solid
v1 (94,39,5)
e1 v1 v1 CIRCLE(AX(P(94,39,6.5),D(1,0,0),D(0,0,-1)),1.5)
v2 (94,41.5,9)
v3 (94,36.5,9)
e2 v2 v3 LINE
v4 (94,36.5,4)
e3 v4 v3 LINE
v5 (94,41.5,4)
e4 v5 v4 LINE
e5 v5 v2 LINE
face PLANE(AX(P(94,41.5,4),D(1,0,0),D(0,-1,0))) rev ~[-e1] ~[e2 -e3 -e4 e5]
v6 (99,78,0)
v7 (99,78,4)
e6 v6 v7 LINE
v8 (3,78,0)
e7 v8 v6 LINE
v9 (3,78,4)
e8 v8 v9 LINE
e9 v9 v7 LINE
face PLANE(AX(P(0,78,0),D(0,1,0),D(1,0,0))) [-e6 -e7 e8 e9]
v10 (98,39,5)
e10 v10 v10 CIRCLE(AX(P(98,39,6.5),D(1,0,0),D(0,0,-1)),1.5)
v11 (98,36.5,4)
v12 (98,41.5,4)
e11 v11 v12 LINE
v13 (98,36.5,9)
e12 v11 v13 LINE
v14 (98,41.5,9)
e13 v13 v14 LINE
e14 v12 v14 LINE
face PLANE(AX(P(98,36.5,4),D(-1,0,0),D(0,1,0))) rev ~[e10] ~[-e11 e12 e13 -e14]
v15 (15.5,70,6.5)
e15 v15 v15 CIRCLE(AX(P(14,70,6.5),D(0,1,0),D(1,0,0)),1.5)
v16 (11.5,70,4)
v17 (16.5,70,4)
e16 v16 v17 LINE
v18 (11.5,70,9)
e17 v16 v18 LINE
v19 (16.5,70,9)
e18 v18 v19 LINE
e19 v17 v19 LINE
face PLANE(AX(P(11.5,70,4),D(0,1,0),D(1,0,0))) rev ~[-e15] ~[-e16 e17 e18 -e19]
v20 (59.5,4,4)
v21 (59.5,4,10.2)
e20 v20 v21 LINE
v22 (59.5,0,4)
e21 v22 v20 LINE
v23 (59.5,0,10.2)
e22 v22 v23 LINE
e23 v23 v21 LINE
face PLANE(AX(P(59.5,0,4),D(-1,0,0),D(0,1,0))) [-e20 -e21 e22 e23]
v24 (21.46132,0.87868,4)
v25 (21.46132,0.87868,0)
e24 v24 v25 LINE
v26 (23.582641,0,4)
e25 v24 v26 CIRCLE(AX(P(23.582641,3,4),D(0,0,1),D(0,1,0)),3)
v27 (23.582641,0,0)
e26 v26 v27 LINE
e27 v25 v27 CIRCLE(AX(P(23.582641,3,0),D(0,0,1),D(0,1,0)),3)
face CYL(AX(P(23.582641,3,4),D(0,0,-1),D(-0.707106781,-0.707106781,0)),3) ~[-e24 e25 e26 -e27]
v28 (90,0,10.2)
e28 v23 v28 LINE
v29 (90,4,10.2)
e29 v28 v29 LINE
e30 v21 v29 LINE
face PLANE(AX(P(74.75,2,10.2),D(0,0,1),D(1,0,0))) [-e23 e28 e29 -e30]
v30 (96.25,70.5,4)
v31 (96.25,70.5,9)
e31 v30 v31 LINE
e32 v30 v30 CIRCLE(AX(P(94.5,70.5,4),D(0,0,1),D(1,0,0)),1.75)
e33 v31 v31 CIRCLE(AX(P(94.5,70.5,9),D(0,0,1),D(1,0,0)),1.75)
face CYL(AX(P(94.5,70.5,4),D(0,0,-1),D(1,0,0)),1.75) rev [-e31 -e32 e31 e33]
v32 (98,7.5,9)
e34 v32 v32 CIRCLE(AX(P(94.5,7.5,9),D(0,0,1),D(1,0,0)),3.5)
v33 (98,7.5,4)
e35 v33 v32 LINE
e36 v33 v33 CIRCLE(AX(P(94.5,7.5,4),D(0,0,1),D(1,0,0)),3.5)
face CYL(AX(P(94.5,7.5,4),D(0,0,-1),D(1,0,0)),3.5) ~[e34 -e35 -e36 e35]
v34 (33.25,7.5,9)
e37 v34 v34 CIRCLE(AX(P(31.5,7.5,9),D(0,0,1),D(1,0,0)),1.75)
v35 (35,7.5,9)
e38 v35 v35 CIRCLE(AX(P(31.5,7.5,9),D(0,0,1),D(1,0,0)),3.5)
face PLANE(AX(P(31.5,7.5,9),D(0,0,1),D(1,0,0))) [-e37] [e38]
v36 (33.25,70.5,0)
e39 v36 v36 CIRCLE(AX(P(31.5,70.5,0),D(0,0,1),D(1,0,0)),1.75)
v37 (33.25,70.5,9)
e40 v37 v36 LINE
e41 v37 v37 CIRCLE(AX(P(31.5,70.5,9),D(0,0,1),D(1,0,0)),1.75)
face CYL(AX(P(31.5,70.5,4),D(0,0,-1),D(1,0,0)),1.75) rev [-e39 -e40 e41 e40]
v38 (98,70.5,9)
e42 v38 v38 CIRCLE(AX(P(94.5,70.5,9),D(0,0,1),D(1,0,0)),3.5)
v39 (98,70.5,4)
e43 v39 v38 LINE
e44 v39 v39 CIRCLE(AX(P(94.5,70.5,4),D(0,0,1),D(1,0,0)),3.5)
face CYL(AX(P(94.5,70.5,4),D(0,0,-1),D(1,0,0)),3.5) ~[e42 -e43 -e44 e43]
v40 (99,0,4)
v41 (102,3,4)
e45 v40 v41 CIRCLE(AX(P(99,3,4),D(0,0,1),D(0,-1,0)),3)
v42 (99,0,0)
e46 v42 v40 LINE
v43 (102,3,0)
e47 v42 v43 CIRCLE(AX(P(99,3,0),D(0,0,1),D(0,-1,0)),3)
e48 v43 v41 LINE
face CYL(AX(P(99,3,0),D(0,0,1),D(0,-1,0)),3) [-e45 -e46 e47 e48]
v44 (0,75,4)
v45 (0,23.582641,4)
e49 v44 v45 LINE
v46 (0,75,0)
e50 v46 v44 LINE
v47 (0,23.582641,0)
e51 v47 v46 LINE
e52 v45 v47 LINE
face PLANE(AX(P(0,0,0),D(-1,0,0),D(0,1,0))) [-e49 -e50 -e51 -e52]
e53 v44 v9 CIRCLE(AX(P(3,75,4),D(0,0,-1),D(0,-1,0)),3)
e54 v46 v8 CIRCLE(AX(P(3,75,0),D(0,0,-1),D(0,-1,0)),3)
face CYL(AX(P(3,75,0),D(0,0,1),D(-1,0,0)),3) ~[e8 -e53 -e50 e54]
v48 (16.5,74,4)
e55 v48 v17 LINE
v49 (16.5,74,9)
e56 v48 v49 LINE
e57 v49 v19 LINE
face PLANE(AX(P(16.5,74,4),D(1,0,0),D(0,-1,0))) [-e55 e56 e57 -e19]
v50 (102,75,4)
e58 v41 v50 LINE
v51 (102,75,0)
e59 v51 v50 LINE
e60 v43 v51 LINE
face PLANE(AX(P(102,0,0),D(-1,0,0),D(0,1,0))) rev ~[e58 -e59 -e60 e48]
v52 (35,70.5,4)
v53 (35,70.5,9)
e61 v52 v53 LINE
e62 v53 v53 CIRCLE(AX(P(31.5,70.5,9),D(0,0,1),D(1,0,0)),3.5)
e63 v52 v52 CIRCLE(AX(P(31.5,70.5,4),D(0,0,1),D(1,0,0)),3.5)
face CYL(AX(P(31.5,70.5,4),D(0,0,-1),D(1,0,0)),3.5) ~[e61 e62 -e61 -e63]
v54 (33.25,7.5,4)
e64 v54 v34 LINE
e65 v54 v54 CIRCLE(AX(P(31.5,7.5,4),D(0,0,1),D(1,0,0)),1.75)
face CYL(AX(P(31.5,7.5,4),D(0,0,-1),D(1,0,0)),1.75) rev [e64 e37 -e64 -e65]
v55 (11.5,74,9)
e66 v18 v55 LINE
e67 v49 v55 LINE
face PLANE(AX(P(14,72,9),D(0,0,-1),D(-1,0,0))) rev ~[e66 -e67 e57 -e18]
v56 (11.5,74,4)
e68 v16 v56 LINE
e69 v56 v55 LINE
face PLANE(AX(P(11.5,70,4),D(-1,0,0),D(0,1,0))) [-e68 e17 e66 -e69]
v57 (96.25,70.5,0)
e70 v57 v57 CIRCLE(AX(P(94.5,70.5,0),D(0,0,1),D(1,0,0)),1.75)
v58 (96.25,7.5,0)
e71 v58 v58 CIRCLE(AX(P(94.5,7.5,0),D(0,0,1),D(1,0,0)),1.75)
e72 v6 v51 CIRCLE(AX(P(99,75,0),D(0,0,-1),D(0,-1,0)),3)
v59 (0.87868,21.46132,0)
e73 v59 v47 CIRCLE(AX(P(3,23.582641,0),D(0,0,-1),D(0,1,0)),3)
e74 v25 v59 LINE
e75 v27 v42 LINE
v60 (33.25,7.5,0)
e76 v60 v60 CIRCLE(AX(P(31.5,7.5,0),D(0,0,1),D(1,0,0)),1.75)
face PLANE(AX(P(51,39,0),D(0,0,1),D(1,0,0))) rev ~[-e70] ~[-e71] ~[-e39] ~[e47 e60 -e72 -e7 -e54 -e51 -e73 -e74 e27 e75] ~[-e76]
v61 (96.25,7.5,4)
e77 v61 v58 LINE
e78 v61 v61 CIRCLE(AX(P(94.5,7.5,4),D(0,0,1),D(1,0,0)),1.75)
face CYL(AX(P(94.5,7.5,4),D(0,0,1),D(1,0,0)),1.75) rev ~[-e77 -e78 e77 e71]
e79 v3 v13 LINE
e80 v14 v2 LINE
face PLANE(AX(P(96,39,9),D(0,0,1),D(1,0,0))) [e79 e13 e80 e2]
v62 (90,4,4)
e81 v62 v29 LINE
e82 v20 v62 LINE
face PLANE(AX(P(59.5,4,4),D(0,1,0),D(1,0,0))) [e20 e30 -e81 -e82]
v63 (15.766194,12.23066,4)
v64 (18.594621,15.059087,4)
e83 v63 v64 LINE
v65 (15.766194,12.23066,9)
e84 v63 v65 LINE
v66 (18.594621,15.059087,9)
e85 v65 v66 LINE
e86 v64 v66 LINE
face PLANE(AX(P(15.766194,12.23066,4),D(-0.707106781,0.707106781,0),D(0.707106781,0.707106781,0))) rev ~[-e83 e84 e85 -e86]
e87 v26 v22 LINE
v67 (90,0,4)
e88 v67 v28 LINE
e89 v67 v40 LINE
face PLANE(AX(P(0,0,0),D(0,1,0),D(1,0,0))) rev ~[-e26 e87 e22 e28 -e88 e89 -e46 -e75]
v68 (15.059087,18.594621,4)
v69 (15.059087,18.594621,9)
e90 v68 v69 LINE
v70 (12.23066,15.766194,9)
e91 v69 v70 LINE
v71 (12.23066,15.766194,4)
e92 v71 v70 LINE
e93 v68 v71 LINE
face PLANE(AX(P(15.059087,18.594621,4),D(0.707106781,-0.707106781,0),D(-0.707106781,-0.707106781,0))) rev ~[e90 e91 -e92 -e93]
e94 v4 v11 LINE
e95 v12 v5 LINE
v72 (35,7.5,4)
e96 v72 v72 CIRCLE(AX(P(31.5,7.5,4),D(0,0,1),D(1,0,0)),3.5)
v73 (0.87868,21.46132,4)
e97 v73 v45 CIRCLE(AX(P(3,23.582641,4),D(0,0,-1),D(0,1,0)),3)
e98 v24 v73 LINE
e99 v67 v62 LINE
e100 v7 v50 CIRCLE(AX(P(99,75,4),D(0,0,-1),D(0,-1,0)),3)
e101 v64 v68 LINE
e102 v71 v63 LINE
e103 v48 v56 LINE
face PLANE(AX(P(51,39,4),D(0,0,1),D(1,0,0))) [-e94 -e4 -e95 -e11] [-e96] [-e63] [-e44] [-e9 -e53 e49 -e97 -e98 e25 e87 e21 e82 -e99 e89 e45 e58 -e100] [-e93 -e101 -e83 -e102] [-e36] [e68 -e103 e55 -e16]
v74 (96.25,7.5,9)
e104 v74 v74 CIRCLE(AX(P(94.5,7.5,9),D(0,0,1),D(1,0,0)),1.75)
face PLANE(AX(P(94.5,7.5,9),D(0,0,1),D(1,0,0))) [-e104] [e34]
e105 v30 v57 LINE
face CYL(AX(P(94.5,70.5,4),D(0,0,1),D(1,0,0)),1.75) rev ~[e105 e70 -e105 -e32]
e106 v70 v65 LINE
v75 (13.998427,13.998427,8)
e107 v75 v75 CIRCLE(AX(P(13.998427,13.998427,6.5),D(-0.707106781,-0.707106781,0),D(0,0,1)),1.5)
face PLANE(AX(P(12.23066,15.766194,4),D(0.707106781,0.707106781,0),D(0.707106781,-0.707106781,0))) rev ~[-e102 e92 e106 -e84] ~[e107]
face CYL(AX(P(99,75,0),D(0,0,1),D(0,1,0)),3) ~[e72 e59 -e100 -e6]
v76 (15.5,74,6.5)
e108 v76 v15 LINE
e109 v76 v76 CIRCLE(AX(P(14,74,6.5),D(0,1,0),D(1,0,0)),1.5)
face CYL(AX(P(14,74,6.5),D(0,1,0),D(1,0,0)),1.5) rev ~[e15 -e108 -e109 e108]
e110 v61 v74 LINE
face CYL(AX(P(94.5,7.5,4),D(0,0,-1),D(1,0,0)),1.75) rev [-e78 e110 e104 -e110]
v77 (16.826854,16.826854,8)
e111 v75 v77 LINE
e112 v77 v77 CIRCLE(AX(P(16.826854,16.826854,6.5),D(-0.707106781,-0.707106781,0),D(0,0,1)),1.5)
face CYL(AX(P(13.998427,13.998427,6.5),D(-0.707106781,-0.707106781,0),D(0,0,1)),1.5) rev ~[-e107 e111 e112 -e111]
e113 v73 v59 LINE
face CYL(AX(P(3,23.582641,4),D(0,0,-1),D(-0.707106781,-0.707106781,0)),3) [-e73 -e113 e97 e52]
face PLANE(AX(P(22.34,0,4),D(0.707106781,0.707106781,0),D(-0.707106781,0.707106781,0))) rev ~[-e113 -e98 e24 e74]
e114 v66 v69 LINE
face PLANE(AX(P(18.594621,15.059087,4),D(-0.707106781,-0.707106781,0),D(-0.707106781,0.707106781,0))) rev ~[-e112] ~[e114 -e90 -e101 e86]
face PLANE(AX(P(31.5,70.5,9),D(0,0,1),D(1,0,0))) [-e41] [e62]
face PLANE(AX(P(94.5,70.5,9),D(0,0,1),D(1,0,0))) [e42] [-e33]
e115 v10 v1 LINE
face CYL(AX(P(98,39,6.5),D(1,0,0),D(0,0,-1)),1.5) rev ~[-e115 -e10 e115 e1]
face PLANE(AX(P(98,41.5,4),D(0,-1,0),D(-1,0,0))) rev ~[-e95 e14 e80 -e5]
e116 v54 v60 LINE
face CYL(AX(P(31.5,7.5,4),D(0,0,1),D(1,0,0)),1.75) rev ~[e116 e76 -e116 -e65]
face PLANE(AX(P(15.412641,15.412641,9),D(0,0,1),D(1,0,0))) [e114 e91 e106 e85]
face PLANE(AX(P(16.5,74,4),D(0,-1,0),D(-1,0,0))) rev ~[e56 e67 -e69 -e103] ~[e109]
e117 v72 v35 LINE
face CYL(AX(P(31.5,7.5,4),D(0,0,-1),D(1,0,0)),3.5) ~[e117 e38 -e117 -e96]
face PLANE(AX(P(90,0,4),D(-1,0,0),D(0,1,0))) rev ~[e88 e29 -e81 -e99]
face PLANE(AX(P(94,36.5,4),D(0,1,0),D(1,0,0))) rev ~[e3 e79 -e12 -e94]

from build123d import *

# Parameters (mm, degrees)
CROQUIS1_W                 = 102
CROQUIS1_H                 = 78
SALIENTE_EXTRUIR1_DEPTH    = 4
CROQUIS2_R                 = 1.75
CORTAR_EXTRUIR1_DEPTH      = 4
CROQUIS3_R                 = 3.5
CROQUIS3_R_2               = 1.75
SALIENTE_EXTRUIR2_DEPTH    = 5
CROQUIS4_W                 = 30.5
CROQUIS4_H                 = 4
SALIENTE_EXTRUIR3_DEPTH    = 6.2
SALIENTE_EXTRUIR4_DEPTH    = 5
CROQUIS7_R                 = 1.5
CORTAR_EXTRUIR3_DEPTH      = 5
CORTAR_EXTRUIR5_DEPTH      = 7.2
CORTAR_EXTRUIR5_DEPTH_BACK = 5
CROQUIS11_R                = 1.5
CORTAR_EXTRUIR6_DEPTH      = 4
SALIENTE_EXTRUIR5_DEPTH    = 5
CROQUIS13_R                = 1.5
CORTAR_EXTRUIR7_DEPTH      = 5
REDONDEO1_R                = 3


with BuildPart() as part:
    # Croquis1 → Saliente-Extruir1 (new body)
    with BuildSketch(Plane.XY):
        with Locations((51, 39)):
            Rectangle(CROQUIS1_W, CROQUIS1_H)
    extrude(amount=SALIENTE_EXTRUIR1_DEPTH)

    # Croquis2 → Cortar-Extruir1 (cut)
    with BuildSketch(Plane.XY.offset(4)):
        with Locations((94.5, 70.5)):
            Circle(CROQUIS2_R)
        with Locations((31.5, 70.5)):
            Circle(CROQUIS2_R)
        with Locations((31.5, 7.5)):
            Circle(CROQUIS2_R)
        with Locations((94.5, 7.5)):
            Circle(CROQUIS2_R)
    extrude(amount=-CORTAR_EXTRUIR1_DEPTH, mode=Mode.SUBTRACT)

    # Croquis3 → Saliente-Extruir2 (add)
    with BuildSketch(Plane.XY.offset(4)):
        with Locations((31.5, 70.5)):
            Circle(CROQUIS3_R)
        with Locations((31.5, 70.5)):
            Circle(CROQUIS3_R_2, mode=Mode.SUBTRACT)
        with Locations((94.5, 70.5)):
            Circle(CROQUIS3_R)
        with Locations((94.5, 70.5)):
            Circle(CROQUIS3_R_2, mode=Mode.SUBTRACT)
        with Locations((31.5, 7.5)):
            Circle(CROQUIS3_R)
        with Locations((31.5, 7.5)):
            Circle(CROQUIS3_R_2, mode=Mode.SUBTRACT)
        with Locations((94.5, 7.5)):
            Circle(CROQUIS3_R)
        with Locations((94.5, 7.5)):
            Circle(CROQUIS3_R_2, mode=Mode.SUBTRACT)
    extrude(amount=SALIENTE_EXTRUIR2_DEPTH)

    # Croquis4 → Saliente-Extruir3 (add)
    with BuildSketch(Plane.XY.offset(4)):
        with Locations((74.75, 2)):
            Rectangle(CROQUIS4_W, CROQUIS4_H)
    extrude(amount=SALIENTE_EXTRUIR3_DEPTH)

    # Croquis5 → Saliente-Extruir4 (add)
    with BuildSketch(Plane.XY.offset(4)):
        Polygon((14, 70), (11.5, 70), (11.5, 74), (14, 74), (16.5, 74), (16.5, 70), align=None)
        Polygon((98, 39), (98, 41.5), (94, 41.5), (94, 39), (94, 36.5), (98, 36.5), align=None)
    extrude(amount=SALIENTE_EXTRUIR4_DEPTH)

    # Croquis7 → Cortar-Extruir3 (cut)
    with BuildSketch(Plane(origin=(98, 0, 0), x_dir=(0, 0, -1), z_dir=(1, 0, 0))):
        with Locations((-6.5, 39)):
            Circle(CROQUIS7_R)
    extrude(amount=-CORTAR_EXTRUIR3_DEPTH, mode=Mode.SUBTRACT)

    # Croquis8 → Cortar-Extruir5 (cut, two sides)
    with BuildSketch(Plane.XY.offset(4)) as cortar_extruir5_sk:
        Polygon((0, 0), (22.34, 0), (0, 22.34), align=None)
    extrude(amount=CORTAR_EXTRUIR5_DEPTH, mode=Mode.SUBTRACT)
    extrude(cortar_extruir5_sk.sketch, amount=-CORTAR_EXTRUIR5_DEPTH_BACK, mode=Mode.SUBTRACT)

    # Croquis11 → Cortar-Extruir6 (cut)
    with BuildSketch(Plane(origin=(0, 74, 0), x_dir=(1, 0, 0), z_dir=(0, 1, 0))):
        with Locations((14, -6.5)):
            Circle(CROQUIS11_R)
    extrude(amount=-CORTAR_EXTRUIR6_DEPTH, mode=Mode.SUBTRACT)

    # Croquis12 → Saliente-Extruir5 (add)
    with BuildSketch(Plane.XY.offset(4)):
        Polygon((13.998427125, 13.998427125), (15.766194078, 12.230660172), (18.594621202, 15.059087297), (15.059087297, 18.594621202), (12.230660172, 15.766194078), align=None)
    extrude(amount=SALIENTE_EXTRUIR5_DEPTH)

    # Croquis13 → Cortar-Extruir7 (cut)
    with BuildSketch(Plane(origin=(13.998427125, 13.998427125, 0), x_dir=(0, 0, 1), z_dir=(-0.707106781, -0.707106781, 0))):
        with Locations((6.5, 0)):
            Circle(CROQUIS13_R)
    extrude(amount=-CORTAR_EXTRUIR7_DEPTH, mode=Mode.SUBTRACT)

    # Redondeo1
    redondeo1_edges = [part.edges().sort_by_distance(p)[0] for p in [
        (0, 22.34, 2),
        (22.34, 0, 2),
        (0, 78, 2),
        (102, 78, 2),
        (102, 0, 2),
    ]]
    fillet(redondeo1_edges, radius=REDONDEO1_R)


solid = part.part
